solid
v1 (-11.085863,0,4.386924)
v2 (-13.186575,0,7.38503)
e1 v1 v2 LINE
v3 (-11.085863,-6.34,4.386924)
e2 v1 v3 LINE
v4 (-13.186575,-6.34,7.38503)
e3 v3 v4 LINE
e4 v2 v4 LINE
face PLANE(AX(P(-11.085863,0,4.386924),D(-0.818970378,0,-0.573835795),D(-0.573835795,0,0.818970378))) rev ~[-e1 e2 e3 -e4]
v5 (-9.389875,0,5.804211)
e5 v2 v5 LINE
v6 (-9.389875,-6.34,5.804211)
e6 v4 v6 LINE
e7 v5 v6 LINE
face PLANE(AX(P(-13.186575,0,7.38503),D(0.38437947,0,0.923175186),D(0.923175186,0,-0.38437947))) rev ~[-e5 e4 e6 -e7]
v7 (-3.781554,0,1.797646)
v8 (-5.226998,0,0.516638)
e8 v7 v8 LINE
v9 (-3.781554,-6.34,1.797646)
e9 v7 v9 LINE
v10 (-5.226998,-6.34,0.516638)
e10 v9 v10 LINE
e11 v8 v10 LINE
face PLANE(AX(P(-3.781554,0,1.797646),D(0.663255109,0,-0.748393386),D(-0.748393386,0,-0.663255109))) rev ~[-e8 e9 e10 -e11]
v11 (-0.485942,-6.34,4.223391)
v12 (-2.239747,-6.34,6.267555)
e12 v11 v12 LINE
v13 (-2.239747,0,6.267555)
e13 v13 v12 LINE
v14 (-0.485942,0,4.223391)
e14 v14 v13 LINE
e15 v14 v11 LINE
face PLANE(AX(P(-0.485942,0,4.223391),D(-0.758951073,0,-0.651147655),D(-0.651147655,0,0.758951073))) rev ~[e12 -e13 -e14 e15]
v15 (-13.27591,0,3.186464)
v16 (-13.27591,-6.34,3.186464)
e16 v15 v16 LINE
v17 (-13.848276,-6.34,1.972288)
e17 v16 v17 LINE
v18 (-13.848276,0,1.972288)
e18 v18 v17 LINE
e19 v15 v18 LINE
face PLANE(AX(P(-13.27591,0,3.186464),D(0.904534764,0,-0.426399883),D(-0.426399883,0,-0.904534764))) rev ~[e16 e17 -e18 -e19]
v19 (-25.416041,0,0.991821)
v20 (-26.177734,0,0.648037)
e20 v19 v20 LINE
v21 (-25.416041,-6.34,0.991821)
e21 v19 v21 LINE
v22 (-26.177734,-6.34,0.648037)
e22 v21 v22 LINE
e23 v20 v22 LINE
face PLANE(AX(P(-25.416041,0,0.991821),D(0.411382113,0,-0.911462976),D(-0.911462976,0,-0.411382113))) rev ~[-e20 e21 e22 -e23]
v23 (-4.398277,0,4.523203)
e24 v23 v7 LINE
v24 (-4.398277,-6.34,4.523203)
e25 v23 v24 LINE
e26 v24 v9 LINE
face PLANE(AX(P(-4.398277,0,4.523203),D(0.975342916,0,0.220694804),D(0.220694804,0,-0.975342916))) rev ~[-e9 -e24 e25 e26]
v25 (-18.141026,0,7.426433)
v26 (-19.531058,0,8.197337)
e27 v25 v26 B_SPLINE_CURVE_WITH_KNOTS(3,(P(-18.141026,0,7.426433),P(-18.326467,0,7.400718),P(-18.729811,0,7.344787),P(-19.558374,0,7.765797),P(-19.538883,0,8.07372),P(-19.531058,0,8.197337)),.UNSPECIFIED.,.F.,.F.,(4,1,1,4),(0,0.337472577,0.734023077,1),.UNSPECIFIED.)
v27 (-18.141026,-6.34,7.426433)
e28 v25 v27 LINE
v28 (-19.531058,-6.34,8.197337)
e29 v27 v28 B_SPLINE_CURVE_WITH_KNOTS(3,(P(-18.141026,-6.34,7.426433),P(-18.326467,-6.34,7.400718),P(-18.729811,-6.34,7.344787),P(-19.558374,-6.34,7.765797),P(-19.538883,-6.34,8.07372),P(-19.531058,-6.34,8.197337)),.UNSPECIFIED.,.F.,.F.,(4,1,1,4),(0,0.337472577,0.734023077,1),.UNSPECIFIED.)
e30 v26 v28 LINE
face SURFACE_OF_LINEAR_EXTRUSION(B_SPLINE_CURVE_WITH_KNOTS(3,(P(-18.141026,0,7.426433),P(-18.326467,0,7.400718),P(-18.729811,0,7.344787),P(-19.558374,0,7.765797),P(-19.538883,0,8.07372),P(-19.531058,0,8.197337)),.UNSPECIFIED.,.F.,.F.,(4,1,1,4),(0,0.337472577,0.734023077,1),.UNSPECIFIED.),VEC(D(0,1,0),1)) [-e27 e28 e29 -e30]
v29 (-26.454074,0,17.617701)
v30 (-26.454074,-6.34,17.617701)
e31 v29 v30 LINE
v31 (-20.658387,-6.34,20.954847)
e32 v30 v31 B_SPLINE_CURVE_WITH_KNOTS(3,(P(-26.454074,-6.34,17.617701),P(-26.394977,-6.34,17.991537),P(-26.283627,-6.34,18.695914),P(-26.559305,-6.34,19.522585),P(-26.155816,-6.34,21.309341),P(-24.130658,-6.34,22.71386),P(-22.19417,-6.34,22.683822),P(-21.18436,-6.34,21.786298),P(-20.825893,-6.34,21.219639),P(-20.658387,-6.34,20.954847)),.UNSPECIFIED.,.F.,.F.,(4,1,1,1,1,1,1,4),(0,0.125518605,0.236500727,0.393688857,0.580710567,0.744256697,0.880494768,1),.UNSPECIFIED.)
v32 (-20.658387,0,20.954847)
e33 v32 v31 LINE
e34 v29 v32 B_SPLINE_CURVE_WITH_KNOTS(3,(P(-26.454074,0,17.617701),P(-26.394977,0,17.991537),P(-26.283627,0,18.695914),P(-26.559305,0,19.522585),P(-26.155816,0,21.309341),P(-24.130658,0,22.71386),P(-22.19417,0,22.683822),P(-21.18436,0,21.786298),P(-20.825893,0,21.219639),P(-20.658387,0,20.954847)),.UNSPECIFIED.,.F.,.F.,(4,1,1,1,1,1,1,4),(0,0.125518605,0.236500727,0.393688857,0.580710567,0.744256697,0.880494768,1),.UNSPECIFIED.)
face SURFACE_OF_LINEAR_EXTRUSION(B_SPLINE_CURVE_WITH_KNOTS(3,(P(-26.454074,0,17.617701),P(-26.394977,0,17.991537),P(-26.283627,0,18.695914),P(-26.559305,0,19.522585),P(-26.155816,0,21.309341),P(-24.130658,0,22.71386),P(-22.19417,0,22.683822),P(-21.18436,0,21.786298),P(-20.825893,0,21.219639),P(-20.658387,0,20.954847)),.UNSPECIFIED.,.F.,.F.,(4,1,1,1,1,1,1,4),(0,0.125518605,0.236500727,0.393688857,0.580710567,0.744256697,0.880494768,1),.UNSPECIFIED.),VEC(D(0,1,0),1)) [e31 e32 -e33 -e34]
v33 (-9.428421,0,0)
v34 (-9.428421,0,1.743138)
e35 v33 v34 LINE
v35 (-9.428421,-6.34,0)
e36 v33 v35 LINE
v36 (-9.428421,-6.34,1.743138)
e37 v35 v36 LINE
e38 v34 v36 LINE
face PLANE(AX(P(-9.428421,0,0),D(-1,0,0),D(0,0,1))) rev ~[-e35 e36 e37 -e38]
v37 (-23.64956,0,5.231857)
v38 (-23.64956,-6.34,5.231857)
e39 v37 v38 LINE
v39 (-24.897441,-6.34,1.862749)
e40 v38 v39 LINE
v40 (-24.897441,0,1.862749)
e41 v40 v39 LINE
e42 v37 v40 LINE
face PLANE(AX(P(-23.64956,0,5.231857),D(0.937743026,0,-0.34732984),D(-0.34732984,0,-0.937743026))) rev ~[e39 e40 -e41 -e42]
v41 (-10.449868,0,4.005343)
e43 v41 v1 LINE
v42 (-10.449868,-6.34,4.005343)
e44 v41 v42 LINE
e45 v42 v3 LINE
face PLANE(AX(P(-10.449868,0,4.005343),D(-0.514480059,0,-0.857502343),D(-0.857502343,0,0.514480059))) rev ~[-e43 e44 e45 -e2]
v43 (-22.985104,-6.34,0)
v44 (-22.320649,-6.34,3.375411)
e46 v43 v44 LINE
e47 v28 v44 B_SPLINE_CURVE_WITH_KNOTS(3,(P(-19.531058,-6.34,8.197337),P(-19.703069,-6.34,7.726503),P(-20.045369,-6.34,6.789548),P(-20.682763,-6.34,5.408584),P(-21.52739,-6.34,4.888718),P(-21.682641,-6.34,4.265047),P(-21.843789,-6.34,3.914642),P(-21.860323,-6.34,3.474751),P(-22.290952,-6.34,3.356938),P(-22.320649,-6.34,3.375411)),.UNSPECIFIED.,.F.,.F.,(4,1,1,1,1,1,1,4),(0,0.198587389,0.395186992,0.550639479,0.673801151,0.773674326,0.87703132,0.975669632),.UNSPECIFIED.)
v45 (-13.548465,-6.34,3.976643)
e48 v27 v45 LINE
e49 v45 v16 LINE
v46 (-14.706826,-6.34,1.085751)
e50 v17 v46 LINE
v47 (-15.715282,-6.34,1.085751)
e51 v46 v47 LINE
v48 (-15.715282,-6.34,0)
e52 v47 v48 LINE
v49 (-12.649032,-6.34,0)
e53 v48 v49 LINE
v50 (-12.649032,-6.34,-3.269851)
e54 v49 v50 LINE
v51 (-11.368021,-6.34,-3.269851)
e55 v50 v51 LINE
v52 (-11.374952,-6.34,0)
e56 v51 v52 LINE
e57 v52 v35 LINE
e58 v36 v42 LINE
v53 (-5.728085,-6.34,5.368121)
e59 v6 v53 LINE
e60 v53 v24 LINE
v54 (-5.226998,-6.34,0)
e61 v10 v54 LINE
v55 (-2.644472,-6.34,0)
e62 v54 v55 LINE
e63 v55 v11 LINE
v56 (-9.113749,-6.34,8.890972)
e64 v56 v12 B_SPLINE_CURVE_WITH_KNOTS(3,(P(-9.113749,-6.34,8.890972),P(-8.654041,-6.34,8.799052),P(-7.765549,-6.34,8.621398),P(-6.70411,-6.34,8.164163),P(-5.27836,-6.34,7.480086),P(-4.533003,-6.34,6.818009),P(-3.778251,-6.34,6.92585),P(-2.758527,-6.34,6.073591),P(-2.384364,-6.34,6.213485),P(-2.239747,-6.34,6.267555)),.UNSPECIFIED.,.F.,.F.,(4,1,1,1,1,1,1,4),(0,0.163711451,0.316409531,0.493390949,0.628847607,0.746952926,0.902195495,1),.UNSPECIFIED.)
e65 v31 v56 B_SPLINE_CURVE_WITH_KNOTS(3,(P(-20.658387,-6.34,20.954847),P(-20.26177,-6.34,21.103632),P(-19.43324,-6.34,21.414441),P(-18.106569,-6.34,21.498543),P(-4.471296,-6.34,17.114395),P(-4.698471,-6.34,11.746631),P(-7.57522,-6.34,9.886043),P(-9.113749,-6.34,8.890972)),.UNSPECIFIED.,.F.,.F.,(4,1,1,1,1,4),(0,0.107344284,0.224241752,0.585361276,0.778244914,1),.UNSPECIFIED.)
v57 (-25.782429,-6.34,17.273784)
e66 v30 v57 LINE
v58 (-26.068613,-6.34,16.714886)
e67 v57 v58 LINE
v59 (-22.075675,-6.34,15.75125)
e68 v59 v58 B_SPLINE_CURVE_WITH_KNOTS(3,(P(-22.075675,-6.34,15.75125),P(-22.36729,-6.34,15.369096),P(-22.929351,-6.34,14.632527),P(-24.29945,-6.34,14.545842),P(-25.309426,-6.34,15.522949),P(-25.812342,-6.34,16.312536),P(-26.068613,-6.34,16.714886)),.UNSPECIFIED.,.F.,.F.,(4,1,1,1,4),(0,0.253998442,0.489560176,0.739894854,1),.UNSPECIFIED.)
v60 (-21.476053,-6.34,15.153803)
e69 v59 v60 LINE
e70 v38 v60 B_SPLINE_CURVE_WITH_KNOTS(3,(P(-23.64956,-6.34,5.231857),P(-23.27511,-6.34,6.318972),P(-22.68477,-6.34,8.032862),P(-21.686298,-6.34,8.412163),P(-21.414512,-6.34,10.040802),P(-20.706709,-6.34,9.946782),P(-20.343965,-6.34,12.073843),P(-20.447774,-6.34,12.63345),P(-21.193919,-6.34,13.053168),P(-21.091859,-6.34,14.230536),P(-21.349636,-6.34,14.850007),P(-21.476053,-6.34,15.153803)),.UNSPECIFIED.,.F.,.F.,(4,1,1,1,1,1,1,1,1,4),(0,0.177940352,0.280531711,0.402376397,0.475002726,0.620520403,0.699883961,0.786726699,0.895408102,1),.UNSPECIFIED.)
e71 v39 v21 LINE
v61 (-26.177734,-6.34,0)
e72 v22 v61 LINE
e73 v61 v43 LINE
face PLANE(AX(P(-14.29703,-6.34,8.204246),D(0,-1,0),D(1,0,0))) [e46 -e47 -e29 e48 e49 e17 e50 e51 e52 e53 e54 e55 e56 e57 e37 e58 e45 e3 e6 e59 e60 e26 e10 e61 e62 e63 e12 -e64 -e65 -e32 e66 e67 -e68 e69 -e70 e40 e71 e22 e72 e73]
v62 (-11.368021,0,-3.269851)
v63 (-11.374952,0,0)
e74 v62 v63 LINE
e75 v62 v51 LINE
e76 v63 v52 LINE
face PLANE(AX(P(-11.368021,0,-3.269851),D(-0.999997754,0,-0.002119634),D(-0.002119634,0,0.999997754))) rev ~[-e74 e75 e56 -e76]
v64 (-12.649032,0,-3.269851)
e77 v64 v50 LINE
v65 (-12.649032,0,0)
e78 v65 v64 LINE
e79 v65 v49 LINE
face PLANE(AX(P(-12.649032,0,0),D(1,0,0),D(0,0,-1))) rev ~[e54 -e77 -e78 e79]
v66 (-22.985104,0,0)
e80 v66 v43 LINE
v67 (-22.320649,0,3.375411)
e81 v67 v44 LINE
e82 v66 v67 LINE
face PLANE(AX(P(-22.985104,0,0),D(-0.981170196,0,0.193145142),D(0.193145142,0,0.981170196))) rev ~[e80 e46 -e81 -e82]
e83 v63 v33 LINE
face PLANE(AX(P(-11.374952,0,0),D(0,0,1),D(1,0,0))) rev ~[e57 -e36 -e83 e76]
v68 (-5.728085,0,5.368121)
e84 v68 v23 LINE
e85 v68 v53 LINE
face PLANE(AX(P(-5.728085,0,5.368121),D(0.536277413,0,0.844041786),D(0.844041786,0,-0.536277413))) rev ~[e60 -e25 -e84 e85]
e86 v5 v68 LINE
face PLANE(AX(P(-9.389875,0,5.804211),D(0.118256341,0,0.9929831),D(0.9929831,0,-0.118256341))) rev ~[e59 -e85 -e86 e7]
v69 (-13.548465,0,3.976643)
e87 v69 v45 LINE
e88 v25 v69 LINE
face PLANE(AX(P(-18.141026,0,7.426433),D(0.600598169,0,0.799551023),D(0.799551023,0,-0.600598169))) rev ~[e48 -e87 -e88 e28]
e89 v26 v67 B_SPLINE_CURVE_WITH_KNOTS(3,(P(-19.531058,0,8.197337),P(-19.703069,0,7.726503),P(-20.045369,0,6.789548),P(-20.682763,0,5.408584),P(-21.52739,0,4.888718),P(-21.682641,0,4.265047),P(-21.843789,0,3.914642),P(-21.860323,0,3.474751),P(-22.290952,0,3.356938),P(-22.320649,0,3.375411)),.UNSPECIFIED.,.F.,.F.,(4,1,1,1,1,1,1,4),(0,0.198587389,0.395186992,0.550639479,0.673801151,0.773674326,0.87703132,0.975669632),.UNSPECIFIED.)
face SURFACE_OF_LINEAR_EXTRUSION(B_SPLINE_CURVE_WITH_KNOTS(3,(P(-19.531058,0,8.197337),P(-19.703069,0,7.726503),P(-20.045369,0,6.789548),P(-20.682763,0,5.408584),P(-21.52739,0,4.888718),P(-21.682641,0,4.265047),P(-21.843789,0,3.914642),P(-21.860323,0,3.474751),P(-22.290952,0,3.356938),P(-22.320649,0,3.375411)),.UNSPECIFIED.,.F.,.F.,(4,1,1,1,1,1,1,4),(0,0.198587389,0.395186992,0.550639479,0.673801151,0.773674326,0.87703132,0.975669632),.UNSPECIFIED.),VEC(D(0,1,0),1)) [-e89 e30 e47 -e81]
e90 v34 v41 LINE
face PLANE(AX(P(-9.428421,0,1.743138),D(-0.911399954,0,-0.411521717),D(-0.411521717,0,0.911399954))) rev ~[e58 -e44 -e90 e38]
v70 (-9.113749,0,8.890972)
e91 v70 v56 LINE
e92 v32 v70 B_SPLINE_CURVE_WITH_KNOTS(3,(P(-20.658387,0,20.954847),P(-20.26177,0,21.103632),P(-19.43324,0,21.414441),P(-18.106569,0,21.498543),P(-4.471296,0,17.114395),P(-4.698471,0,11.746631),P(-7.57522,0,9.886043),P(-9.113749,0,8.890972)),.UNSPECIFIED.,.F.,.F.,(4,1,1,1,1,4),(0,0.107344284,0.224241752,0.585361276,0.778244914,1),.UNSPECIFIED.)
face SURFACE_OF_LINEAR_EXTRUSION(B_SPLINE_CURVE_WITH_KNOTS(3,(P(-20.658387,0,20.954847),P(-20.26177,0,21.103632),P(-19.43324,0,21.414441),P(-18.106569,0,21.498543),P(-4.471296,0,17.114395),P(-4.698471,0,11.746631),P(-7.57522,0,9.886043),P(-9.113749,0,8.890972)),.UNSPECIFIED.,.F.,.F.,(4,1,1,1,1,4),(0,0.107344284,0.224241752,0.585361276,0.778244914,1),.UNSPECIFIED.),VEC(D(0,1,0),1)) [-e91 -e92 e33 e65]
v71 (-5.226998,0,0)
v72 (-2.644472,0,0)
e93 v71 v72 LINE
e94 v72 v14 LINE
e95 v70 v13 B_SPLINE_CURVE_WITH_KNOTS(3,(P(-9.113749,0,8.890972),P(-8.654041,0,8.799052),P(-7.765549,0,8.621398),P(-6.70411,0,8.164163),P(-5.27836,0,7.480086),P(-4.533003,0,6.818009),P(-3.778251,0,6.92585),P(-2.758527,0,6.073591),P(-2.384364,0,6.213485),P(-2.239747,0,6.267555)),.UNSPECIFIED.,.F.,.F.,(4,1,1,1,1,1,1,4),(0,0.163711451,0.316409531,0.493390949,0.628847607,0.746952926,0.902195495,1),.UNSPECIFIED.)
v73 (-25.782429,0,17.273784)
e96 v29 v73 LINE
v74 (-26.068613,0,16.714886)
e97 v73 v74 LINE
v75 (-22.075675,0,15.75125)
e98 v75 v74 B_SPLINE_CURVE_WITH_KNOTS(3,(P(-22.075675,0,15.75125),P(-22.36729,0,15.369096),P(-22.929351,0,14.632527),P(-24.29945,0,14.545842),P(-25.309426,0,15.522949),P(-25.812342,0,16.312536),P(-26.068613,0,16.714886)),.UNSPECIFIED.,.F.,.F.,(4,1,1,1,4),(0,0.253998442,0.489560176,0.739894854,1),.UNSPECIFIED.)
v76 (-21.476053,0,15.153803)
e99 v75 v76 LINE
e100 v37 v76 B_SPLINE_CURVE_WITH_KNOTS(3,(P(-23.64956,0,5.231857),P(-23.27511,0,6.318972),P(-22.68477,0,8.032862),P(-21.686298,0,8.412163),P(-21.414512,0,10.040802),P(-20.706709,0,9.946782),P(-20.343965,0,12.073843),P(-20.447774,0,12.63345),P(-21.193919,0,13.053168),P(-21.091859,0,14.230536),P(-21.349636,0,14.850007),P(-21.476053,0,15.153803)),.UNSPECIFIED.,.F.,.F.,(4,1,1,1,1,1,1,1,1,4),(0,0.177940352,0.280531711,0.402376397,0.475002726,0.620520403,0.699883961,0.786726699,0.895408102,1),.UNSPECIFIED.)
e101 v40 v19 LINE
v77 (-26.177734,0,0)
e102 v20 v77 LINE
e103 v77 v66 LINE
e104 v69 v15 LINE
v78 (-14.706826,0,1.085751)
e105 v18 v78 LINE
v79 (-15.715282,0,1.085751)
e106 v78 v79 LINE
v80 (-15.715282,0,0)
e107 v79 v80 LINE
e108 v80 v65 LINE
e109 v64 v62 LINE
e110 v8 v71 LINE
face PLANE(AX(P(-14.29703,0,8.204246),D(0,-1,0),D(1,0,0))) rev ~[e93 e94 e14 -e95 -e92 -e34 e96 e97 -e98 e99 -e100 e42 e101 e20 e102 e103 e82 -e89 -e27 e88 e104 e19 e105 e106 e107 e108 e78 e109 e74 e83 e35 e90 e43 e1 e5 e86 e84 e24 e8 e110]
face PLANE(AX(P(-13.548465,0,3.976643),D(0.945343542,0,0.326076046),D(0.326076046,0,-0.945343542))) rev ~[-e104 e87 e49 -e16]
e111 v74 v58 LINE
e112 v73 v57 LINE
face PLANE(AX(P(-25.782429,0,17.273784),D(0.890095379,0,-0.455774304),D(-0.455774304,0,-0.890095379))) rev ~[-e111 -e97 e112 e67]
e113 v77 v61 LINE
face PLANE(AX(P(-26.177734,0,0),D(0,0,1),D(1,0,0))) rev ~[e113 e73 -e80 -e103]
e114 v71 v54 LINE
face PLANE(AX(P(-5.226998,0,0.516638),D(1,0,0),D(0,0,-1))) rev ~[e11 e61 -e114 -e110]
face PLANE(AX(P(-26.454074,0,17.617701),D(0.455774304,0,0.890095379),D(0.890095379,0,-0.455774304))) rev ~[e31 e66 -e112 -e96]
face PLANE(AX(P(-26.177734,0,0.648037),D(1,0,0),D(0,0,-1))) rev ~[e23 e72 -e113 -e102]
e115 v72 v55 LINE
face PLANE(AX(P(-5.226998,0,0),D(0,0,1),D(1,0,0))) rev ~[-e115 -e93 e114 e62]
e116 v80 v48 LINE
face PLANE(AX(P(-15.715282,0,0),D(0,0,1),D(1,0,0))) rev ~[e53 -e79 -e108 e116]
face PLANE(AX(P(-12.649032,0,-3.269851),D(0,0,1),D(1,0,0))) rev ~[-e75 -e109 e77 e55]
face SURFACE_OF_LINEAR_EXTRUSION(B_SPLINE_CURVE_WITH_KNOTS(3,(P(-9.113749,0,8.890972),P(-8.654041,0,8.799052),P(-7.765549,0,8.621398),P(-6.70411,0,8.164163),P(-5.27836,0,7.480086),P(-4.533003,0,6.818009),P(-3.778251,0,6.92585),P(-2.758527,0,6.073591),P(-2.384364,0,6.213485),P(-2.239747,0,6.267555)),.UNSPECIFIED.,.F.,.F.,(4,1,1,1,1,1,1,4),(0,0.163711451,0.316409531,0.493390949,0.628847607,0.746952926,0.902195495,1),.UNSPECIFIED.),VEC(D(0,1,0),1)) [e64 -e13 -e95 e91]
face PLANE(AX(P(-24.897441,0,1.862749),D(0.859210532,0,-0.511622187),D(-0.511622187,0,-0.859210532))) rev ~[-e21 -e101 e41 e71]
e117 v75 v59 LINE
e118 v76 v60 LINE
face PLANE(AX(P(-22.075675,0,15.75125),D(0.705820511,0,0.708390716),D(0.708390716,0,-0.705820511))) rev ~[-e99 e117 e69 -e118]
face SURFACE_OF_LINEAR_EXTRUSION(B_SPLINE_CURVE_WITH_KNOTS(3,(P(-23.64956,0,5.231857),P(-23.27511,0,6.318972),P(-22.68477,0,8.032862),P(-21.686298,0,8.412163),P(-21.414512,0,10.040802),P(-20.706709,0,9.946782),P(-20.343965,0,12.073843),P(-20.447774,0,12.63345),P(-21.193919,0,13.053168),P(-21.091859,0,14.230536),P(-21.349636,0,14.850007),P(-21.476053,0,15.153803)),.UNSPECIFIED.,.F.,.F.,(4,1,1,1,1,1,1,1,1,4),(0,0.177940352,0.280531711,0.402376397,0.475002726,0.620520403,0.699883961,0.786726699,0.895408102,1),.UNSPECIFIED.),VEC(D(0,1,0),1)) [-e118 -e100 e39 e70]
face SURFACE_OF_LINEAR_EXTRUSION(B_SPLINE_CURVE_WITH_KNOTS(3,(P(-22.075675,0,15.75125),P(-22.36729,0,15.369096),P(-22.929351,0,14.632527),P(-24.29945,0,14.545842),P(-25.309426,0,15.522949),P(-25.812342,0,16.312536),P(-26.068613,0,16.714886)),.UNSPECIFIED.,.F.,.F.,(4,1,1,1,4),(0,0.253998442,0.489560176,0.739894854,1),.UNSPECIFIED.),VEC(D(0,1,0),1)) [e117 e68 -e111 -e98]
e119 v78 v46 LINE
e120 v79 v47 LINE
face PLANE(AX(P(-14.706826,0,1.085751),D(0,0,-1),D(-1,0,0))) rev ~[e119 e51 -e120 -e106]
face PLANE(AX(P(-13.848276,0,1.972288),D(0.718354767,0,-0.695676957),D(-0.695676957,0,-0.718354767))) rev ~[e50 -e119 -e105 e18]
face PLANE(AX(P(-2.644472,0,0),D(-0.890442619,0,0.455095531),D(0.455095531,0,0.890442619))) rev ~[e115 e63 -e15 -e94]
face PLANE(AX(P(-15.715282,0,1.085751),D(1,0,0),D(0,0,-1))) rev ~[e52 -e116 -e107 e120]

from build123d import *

# Parameters (mm, degrees)
F1_DEPTH = 6.34


with BuildPart() as f1:
    # F0 (on Front) → F1 (new body)
    with BuildSketch(Plane.XZ):
        with BuildLine():
            Line((-12.6490322873, -3.2698512077), (-11.368021369, -3.2698512077))
            Line((-11.368021369, -3.2698512077), (-11.3749522716, 0))
            Line((-11.3749522716, 0), (-9.4284210354, 0))
            Line((-9.4284210354, 0), (-9.4284210354, 1.7431378365))
            Line((-9.4284210354, 1.7431378365), (-10.4498676956, 4.0053427219))
            Line((-10.4498676956, 4.0053427219), (-11.0858632252, 4.3869242072))
            Line((-11.0858632252, 4.3869242072), (-13.1865749136, 7.3850303888))
            Line((-13.1865749136, 7.3850303888), (-9.3898754567, 5.8042109013))
            Line((-9.3898754567, 5.8042109013), (-5.7280850597, 5.3681209683))
            Line((-5.7280850597, 5.3681209683), (-4.3982765637, 4.5232027769))
            Line((-4.3982765637, 4.5232027769), (-3.7815538235, 1.7976462841))
            Line((-3.7815538235, 1.7976462841), (-5.2269976586, 0.5166381598))
            Line((-5.2269976586, 0.5166381598), (-5.2269976586, 0))
            Line((-5.2269976586, 0), (-2.6444715913, 0))
            Line((-2.6444715913, 0), (-0.4859422043, 4.2233914137))
            Line((-0.4859422043, 4.2233914137), (-2.2397474386, 6.267555058))
            add(Edge.make_bspline(
                [(-9.1137494892, 8.8909715414), (-8.6540406807, 8.799052454), (-7.7655490822, 8.6213979574), (-6.7041098217, 8.1641628082), (-5.2783597287, 7.4800864304), (-4.5330030432, 6.8180092602), (-3.7782507083, 6.9258502993), (-2.7585273405, 6.0735909751), (-2.3843641779, 6.2134850119), (-2.2397474386, 6.267555058)],
                knots=[0, 0, 0, 0, 0.1637114509, 0.3164095314, 0.4933909494, 0.6288476069, 0.7469529261, 0.9021954955, 1, 1, 1, 1], degree=3))
            add(Edge.make_bspline(
                [(-20.6583868712, 20.9548473358), (-20.261770275, 21.1036316148), (-19.4332398979, 21.4144413386), (-18.1065689496, 21.4985433424), (-4.4712962479, 17.1143951978), (-4.6984714845, 11.7466314914), (-7.5752204552, 9.8860426875), (-9.1137494892, 8.8909715414)],
                knots=[0, 0, 0, 0, 0.1073442843, 0.2242417518, 0.5853612758, 0.7782449139, 1, 1, 1, 1], degree=3))
            add(Edge.make_bspline(
                [(-26.4540742702, 17.6177005352), (-26.3949770124, 17.9915366435), (-26.2836266324, 18.6959143811), (-26.5593047922, 19.5225846627), (-26.1558159561, 21.309341302), (-24.1306581215, 22.7138596252), (-22.1941695459, 22.6838224396), (-21.1843602786, 21.7862982454), (-20.825893385, 21.219639132), (-20.6583868712, 20.9548473358)],
                knots=[0, 0, 0, 0, 0.1255186055, 0.2365007271, 0.3936888569, 0.5807105674, 0.7442566965, 0.8804947682, 1, 1, 1, 1], degree=3))
            Line((-26.4540742702, 17.6177005352), (-25.7824286819, 17.2737836838))
            Line((-25.7824286819, 17.2737836838), (-26.0686129332, 16.7148858309))
            add(Edge.make_bspline(
                [(-22.0756754279, 15.7512500882), (-22.3672896403, 15.3690961661), (-22.9293509831, 14.6325273107), (-24.2994499338, 14.5458422501), (-25.309425532, 15.5229489021), (-25.8123416478, 16.3125356228), (-26.0686129332, 16.7148858309)],
                knots=[0, 0, 0, 0, 0.2539984416, 0.4895601761, 0.7398948539, 1, 1, 1, 1], degree=3))
            Line((-22.0756754279, 15.7512500882), (-21.4760527015, 15.1538029313))
            add(Edge.make_bspline(
                [(-23.6495602876, 5.2318572998), (-23.2751095919, 6.3189722503), (-22.6847696664, 8.0328624), (-21.6862979532, 8.4121634506), (-21.4145120646, 10.0408022677), (-20.7067085731, 9.946781909), (-20.3439646615, 12.0738429194), (-20.4477735611, 12.6334495084), (-21.1939191261, 13.053167879), (-21.0918587147, 14.2305362895), (-21.3496356596, 14.8500068238), (-21.4760527015, 15.1538029313)],
                knots=[0, 0, 0, 0, 0.1779403522, 0.2805317107, 0.4023763966, 0.475002726, 0.6205204034, 0.699883961, 0.7867266989, 0.8954081024, 1, 1, 1, 1], degree=3))
            Line((-23.6495602876, 5.2318572998), (-24.897441268, 1.8627494574))
            Line((-24.897441268, 1.8627494574), (-25.4160407931, 0.9918212891))
            Line((-25.4160407931, 0.9918212891), (-26.1777341366, 0.6480365992))
            Line((-26.1777341366, 0.6480365992), (-26.1777341366, 0))
            Line((-26.1777341366, 0), (-22.9851044714, 0))
            Line((-22.9851044714, 0), (-22.3206486553, 3.3754110336))
            add(Edge.make_bspline(
                [(-19.5310581475, 8.197337389), (-19.7030691485, 7.7265032549), (-20.0453693839, 6.7895478626), (-20.6827627069, 5.4085835036), (-21.5273899487, 4.8887181915), (-21.682641034, 4.2650465281), (-21.8437888698, 3.9146418117), (-21.8603225048, 3.4747512639), (-22.2909523426, 3.3569383265), (-22.3206486553, 3.3754110336)],
                knots=[0, 0, 0, 0, 0.1985873891, 0.3951869917, 0.550639479, 0.6738011514, 0.7736743261, 0.8770313199, 0.9756696324, 0.9756696324, 0.9756696324, 0.9756696324], degree=3))
            add(Edge.make_bspline(
                [(-18.1410256773, 7.4264332652), (-18.3264665274, 7.4007183733), (-18.7298114879, 7.3447869426), (-19.5583744444, 7.7657971513), (-19.5388831024, 8.0737195026), (-19.5310581475, 8.197337389)],
                knots=[0, 0, 0, 0, 0.3374725772, 0.7340230767, 1, 1, 1, 1], degree=3))
            Line((-18.1410256773, 7.4264332652), (-13.5484654456, 3.9766430855))
            Line((-13.5484654456, 3.9766430855), (-13.2759101689, 3.1864643097))
            Line((-13.2759101689, 3.1864643097), (-13.8482758775, 1.9722878933))
            Line((-13.8482758775, 1.9722878933), (-14.7068258375, 1.0857507586))
            Line((-14.7068258375, 1.0857507586), (-15.7152824104, 1.0857507586))
            Line((-15.7152824104, 1.0857507586), (-15.7152824104, 0))
            Line((-15.7152824104, 0), (-12.6490322873, 0))
            Line((-12.6490322873, 0), (-12.6490322873, -3.2698512077))
        make_face()
    extrude(amount=F1_DEPTH)


solid = f1.part
